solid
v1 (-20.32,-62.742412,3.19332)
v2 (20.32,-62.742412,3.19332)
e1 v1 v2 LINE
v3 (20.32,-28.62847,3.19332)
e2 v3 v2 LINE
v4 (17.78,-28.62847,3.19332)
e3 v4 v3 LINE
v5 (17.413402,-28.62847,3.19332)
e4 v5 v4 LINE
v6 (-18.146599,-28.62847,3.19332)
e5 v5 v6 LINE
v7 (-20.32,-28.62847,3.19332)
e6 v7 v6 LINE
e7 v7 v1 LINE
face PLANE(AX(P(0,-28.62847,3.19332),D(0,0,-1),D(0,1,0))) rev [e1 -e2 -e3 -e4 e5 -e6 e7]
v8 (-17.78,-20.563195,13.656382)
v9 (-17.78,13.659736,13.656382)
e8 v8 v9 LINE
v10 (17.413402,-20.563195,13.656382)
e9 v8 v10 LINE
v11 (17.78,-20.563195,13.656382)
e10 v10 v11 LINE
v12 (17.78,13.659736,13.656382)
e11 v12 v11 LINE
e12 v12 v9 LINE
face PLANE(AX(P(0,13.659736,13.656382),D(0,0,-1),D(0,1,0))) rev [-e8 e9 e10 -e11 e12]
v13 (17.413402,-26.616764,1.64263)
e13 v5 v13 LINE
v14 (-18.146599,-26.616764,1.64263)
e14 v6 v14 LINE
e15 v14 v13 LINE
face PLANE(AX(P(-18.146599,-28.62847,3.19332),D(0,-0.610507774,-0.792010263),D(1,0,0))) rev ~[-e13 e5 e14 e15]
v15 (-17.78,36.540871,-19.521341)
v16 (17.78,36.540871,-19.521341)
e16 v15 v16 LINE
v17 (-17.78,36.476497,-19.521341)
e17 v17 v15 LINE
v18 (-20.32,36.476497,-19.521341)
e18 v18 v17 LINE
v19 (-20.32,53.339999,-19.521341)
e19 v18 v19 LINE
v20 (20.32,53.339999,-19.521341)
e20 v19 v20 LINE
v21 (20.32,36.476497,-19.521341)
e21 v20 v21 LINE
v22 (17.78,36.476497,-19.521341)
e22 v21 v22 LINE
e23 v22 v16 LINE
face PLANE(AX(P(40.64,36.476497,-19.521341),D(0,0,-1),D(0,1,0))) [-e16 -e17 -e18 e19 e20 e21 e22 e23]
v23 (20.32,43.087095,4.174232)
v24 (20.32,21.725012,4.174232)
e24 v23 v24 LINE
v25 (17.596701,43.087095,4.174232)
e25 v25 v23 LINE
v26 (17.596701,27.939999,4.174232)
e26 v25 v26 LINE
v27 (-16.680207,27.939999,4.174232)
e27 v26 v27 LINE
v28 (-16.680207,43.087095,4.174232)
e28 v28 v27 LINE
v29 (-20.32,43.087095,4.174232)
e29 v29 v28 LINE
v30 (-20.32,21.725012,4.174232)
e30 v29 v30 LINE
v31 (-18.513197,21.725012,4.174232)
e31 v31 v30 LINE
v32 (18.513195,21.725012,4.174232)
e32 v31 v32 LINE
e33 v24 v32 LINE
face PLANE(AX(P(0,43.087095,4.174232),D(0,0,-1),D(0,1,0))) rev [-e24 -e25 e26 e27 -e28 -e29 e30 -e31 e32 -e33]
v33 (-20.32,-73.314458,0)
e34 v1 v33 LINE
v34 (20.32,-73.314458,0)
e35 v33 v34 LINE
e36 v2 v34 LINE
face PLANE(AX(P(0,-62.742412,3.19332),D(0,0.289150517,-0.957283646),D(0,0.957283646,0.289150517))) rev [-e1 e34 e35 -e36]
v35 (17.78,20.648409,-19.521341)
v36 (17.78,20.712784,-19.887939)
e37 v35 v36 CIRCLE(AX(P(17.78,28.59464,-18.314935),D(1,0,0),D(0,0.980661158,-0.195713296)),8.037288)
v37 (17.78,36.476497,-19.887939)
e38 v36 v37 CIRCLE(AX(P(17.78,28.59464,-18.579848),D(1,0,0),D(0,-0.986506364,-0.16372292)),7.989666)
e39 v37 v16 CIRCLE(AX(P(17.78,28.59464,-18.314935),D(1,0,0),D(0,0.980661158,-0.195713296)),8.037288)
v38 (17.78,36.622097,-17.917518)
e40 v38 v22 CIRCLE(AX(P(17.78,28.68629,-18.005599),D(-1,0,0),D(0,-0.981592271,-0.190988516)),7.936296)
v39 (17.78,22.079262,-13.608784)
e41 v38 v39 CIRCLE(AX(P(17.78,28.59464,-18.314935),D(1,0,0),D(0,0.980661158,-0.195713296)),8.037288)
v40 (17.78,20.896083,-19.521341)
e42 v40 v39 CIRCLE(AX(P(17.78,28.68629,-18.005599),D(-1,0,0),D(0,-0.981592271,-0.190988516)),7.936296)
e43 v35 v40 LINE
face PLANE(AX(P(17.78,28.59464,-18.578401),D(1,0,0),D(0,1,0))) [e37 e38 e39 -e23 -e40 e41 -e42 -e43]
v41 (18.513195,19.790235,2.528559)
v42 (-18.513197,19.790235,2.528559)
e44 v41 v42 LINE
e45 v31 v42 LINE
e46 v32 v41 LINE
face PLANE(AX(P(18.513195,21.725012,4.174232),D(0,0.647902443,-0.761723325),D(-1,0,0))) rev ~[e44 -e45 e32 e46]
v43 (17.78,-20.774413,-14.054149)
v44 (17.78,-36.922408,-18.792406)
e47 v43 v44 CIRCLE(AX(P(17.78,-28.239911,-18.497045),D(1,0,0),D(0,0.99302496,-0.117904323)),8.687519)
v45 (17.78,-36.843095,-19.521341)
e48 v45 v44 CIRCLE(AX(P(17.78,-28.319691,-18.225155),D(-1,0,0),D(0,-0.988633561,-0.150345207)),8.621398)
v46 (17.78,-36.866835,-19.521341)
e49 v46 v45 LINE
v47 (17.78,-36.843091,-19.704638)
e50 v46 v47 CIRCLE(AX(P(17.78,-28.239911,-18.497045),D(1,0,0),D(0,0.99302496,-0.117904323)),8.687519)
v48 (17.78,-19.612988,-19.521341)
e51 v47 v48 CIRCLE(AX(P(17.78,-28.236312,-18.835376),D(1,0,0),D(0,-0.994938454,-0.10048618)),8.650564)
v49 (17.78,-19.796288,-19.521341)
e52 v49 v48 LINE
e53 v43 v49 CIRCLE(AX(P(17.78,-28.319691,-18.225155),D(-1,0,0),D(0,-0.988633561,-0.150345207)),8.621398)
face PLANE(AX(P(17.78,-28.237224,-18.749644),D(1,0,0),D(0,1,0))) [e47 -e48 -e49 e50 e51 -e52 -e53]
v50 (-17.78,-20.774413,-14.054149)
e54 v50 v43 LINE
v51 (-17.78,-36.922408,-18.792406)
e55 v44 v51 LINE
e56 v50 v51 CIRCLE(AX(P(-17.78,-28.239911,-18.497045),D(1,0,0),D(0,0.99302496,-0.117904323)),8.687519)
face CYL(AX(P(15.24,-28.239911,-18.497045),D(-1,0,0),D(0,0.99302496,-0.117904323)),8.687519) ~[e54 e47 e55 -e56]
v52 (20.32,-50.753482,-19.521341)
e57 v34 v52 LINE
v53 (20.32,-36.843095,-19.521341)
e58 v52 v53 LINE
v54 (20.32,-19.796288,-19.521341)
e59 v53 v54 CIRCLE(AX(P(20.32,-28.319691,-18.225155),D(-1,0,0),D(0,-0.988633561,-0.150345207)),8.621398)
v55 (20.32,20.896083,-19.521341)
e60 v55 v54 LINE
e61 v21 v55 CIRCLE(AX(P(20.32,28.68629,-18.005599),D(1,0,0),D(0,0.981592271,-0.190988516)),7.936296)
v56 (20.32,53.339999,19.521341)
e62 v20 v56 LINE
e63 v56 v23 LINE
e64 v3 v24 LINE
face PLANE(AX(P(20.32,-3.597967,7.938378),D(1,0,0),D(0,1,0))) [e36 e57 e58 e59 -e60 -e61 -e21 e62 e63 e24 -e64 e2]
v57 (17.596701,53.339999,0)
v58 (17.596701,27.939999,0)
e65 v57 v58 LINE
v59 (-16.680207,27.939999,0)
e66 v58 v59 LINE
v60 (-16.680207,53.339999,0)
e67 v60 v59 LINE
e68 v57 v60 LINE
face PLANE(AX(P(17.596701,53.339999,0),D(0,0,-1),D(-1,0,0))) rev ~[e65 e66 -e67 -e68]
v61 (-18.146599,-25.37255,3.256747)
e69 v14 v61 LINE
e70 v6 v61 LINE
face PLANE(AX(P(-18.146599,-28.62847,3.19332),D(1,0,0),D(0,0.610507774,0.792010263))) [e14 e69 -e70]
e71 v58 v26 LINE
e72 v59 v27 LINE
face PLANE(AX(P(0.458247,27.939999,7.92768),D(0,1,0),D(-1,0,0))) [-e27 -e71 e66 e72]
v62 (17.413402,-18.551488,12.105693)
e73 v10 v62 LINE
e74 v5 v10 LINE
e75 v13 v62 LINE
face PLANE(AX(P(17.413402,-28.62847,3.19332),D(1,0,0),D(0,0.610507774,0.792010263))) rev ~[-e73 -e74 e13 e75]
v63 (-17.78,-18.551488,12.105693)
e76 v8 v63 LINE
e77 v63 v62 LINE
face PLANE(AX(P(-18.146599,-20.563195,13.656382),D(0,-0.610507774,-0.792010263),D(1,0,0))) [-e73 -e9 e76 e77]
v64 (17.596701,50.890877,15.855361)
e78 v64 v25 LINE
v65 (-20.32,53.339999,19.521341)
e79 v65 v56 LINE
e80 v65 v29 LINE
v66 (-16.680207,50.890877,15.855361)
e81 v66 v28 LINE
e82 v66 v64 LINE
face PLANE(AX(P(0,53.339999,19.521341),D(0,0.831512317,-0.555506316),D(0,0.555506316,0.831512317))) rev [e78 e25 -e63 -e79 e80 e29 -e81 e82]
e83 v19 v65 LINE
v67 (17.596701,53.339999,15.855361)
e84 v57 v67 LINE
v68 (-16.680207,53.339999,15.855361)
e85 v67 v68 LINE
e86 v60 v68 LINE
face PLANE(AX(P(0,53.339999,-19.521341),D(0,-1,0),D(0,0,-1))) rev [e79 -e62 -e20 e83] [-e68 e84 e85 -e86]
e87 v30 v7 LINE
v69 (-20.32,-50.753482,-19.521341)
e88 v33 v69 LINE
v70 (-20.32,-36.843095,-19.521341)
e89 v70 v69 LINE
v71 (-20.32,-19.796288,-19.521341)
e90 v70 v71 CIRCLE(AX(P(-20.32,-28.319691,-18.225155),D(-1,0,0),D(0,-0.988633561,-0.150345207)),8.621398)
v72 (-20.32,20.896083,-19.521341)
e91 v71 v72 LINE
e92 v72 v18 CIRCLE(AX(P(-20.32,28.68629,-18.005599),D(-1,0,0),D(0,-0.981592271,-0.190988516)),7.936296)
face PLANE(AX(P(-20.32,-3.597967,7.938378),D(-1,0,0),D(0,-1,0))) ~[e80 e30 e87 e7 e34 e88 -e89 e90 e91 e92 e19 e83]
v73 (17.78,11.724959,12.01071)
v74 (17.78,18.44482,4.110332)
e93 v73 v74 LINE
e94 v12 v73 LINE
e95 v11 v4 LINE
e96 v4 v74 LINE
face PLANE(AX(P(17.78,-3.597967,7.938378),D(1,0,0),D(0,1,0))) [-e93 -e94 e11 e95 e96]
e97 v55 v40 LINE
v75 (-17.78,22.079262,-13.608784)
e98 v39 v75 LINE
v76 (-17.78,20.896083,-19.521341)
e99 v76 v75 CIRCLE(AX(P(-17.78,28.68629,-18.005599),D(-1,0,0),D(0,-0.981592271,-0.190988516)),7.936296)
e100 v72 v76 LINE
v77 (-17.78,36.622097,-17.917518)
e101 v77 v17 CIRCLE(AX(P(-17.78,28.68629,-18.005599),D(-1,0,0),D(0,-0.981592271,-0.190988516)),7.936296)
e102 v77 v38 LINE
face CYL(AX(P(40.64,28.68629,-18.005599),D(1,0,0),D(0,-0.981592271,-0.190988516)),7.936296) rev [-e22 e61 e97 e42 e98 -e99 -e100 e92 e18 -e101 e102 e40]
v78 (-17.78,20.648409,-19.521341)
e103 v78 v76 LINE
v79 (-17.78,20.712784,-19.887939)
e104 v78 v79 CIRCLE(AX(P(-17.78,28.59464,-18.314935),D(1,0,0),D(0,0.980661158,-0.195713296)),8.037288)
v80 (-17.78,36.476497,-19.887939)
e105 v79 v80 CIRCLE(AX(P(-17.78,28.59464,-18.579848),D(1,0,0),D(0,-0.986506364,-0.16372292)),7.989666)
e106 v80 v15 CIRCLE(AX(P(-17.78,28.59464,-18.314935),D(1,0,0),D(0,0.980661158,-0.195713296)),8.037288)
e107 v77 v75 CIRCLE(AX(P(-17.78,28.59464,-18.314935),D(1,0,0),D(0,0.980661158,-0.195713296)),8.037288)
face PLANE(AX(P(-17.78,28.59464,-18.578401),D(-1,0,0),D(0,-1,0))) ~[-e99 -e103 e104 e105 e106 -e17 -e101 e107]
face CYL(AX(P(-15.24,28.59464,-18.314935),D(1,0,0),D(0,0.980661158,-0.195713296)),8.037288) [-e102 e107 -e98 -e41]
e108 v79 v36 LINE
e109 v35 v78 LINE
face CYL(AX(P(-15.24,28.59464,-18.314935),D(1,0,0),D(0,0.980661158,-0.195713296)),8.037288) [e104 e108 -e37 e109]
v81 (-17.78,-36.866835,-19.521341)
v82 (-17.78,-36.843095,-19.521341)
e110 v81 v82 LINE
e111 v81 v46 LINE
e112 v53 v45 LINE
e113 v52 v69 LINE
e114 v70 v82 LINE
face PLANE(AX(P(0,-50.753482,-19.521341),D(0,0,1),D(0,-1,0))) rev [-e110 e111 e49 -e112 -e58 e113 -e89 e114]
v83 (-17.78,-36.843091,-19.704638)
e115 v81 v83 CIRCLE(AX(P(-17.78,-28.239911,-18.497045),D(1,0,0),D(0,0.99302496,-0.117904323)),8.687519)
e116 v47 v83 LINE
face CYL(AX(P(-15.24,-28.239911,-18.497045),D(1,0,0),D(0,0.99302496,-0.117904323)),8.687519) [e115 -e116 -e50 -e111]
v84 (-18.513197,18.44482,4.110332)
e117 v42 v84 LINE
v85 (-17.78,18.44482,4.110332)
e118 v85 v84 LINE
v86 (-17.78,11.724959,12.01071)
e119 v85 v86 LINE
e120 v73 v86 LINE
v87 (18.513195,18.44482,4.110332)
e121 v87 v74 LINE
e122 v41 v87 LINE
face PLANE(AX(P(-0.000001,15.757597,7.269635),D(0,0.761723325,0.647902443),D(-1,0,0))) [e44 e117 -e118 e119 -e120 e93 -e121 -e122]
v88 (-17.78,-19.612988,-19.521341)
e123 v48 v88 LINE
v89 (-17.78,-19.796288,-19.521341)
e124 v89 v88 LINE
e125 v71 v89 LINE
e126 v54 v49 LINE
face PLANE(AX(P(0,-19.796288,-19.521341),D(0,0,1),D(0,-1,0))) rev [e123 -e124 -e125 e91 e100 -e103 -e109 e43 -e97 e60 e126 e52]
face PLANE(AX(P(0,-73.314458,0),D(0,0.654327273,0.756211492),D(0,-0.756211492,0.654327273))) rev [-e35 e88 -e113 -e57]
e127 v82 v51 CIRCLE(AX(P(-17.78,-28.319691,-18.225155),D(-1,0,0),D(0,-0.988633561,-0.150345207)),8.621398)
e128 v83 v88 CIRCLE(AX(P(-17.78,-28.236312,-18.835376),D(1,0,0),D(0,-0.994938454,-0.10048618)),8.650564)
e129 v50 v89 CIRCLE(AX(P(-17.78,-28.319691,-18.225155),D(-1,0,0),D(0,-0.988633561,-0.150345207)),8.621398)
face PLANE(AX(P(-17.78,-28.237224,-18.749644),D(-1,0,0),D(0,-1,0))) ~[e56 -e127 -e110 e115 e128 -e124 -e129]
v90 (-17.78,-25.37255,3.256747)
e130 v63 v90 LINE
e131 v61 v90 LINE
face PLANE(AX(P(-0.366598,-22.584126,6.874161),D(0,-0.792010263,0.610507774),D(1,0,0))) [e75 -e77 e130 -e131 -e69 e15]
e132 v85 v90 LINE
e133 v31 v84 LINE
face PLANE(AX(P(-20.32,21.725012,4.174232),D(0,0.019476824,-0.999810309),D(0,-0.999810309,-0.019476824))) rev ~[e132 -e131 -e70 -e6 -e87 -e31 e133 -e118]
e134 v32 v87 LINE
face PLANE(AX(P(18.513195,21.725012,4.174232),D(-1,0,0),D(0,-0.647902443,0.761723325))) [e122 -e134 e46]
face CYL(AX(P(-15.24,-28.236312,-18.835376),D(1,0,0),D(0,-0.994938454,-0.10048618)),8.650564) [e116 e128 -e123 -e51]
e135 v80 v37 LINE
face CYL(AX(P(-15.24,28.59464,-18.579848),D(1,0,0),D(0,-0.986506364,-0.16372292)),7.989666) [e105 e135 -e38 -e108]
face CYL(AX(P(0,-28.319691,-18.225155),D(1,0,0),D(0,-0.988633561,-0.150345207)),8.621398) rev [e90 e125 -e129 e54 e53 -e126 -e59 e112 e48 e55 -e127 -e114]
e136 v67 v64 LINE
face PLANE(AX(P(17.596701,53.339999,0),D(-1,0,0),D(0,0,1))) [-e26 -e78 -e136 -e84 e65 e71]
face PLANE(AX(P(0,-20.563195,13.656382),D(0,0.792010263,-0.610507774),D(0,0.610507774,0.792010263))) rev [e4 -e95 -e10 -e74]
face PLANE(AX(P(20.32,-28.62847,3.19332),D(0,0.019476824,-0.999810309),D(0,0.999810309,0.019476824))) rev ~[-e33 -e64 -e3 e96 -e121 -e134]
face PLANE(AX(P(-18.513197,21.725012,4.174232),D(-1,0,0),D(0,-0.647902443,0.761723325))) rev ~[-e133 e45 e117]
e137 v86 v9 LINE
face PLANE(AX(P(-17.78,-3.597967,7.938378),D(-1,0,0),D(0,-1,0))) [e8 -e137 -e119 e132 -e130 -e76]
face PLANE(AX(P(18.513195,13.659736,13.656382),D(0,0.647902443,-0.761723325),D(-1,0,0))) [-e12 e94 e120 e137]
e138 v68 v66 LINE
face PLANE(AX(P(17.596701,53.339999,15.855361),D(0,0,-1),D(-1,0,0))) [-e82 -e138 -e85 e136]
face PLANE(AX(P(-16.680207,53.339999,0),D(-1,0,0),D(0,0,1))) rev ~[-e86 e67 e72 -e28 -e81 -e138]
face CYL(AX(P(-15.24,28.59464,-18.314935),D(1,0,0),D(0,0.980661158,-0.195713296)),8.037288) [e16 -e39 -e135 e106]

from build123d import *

# Parameters (mm, degrees)
F1_DEPTH  = 45.72
F3_DEPTH  = 40.64
F5_DEPTH  = 25.4
F6_DEPTH  = 25.4
F7_DEPTH  = 25.4
F8_DEPTH  = 25.4
F9_DEPTH  = 2.54
F10_DEPTH = 2.54
F11_W     = 35.5600006878
F11_H     = 13.2107668169
F12_DEPTH = 2.54
F13_W     = 37.026392296
F13_H     = 12.4482874382
F14_DEPTH = 2.54
F17_DEPTH = 2.54
F18_DEPTH = 2.54
F19_W     = 34.2769082636
F19_H     = 15.8553607762
F20_DEPTH = 25.4


with BuildPart() as f1:
    # F0 (on Right) → F1 (new body)
    with BuildSketch(Plane.YZ):
        Polygon((-28.6284703761, 3.1933195423), (21.7250119895, 4.1742315516), (13.6597361416, 13.656382449), (-20.5631945282, 13.656382449), align=None)
        with BuildLine():
            Line((53.3399991691, -19.5213407278), (53.3399991691, 19.5213407278))
            Line((53.3399991691, 19.5213407278), (43.0870950222, 4.1742315516))
            Line((43.0870950222, 4.1742315516), (21.7250119895, 4.1742315516))
            Line((21.7250119895, 4.1742315516), (-28.6284703761, 3.1933195423))
            Line((-28.6284703761, 3.1933195423), (-62.7424120903, 3.1933195423))
            Line((-62.7424120903, 3.1933195423), (-73.3144581318, 0))
            Line((-73.3144581318, 0), (-50.7534816861, -19.5213407278))
            Line((-50.7534816861, -19.5213407278), (-36.8430949748, -19.5213407278))
            ThreePointArc((-36.8430949748, -19.5213407278), (-28.3196913078, -9.6037565649), (-19.7962876409, -19.5213407278))
            Line((-19.7962876409, -19.5213407278), (20.896082744, -19.5213407278))
            ThreePointArc((20.896082744, -19.5213407278), (28.6862896755, -10.0693031936), (36.4764966071, -19.5213407278))
            Line((36.4764966071, -19.5213407278), (53.3399991691, -19.5213407278))
        make_face()
    extrude(amount=F1_DEPTH)

    # F2 (on Right) → F3 (join)
    with BuildSketch(Plane.YZ):
        with BuildLine():
            ThreePointArc((20.7127835602, -19.8879390955), (28.5946400836, -26.5695137941), (36.4764966071, -19.8879390955))
            ThreePointArc((36.4764966071, -19.8879390955), (28.5946400836, -10.2776465209), (20.7127835602, -19.8879390955))
        make_face()
        with BuildLine():
            ThreePointArc((-36.8430912495, -19.704638049), (-28.1442910168, -27.4854506573), (-19.6129884571, -19.5213407278))
            ThreePointArc((-19.6129884571, -19.5213407278), (-28.3323258535, -9.8100174081), (-36.8430912495, -19.704638049))
        make_face()
    extrude(amount=F3_DEPTH)

    # F4: F1 across plane


with BuildPart() as f1_1:
    add(f1.part)
    add(f1.part.mirror(Plane.YZ))

    # F5 (cut): faces of the model
    f5_faces = [f1_1.faces().sort_by_distance(p)[0] for p in [
        (45.72, -3.0719009066, -4.1533515012),
        (40.64, -28.256328602, -18.6447266271),
    ]]
    extrude(f5_faces, amount=-F5_DEPTH, mode=Mode.SUBTRACT)

    # F6 (cut): a face of the model
    f6_faces = [f1_1.faces().sort_by_distance(p)[0] for p in [
        (40.64, 28.6216517019, -18.4204608425),
    ]]
    extrude(f6_faces, amount=-F6_DEPTH, mode=Mode.SUBTRACT)

    # F7 (cut): a face of the model
    f7_faces = [f1_1.faces().sort_by_distance(p)[0] for p in [
        (-45.72, -3.0719009066, -4.1533515012),
    ]]
    extrude(f7_faces, amount=-F7_DEPTH, mode=Mode.SUBTRACT)

    # F8 (cut): faces of the model
    f8_faces = [f1_1.faces().sort_by_distance(p)[0] for p in [
        (-40.64, 28.6216517019, -18.4204608425),
        (-40.64, -28.256328602, -18.6447266271),
    ]]
    extrude(f8_faces, amount=-F8_DEPTH, mode=Mode.SUBTRACT)

    # F9 (add): faces of the model
    f9_faces = [f1_1.faces().sort_by_distance(p)[0] for p in [
        (15.24, -28.256328602, -18.6447266271),
        (15.24, 28.6216517019, -18.4204608425),
    ]]
    extrude(f9_faces, amount=F9_DEPTH)

    # F10 (add): faces of the model
    f10_faces = [f1_1.faces().sort_by_distance(p)[0] for p in [
        (-15.24, 28.6216517019, -18.4204608425),
        (-15.24, -28.256328602, -18.6447266271),
    ]]
    extrude(f10_faces, amount=F10_DEPTH)

    # F11 (on face) → F12 (cut)
    with BuildSketch(Plane(origin=(0, -19.5021350286, 15.0328923789), x_dir=(1, 0, 0), z_dir=(0, -0.7920102634, 0.6105077744))):
        with Locations((-0.3665983677, -8.3433784743)):
            Rectangle(F11_W, F11_H)
    extrude(amount=-F12_DEPTH, mode=Mode.SUBTRACT)

    # F13 (on face) → F14 (cut)
    with BuildSketch(Plane(origin=(0, 14.6654159011, 12.4740289357), x_dir=(-1, 0, 0), z_dir=(0, 0.761723325, 0.6479024434))):
        with Locations((9.313e-07, -4.6719350962)):
            Rectangle(F13_W, F13_H)
    extrude(amount=-F14_DEPTH, mode=Mode.SUBTRACT)

    # F16 (on face) → F17 (cut)
    with BuildSketch(Plane(origin=(-20.32, 0, 0), x_dir=(0, -1, 0), z_dir=(-1, 0, 0))):
        Polygon((-13.6597361416, 13.656382449), (-21.7250119895, 4.1742315516), (28.6284703761, 3.1933195423), (20.5631945282, 13.656382449), align=None)
    extrude(amount=-F17_DEPTH, mode=Mode.SUBTRACT)

    # F15 (on face) → F18 (cut)
    with BuildSketch(Plane.YZ.offset(20.32)):
        Polygon((-20.5631945282, 13.656382449), (-28.6284703761, 3.1933195423), (21.7250119895, 4.1742315516), (13.6597361416, 13.656382449), align=None)
    extrude(amount=-F18_DEPTH, mode=Mode.SUBTRACT)

    # F19 (on face) → F20 (cut)
    with BuildSketch(Plane(origin=(0, 53.3399991691, 0), x_dir=(-1, 0, 0), z_dir=(0, 1, 0))):
        with Locations((-0.4582470283, 7.9276803881)):
            Rectangle(F19_W, F19_H)
    extrude(amount=-F20_DEPTH, mode=Mode.SUBTRACT)


solid = f1_1.part
